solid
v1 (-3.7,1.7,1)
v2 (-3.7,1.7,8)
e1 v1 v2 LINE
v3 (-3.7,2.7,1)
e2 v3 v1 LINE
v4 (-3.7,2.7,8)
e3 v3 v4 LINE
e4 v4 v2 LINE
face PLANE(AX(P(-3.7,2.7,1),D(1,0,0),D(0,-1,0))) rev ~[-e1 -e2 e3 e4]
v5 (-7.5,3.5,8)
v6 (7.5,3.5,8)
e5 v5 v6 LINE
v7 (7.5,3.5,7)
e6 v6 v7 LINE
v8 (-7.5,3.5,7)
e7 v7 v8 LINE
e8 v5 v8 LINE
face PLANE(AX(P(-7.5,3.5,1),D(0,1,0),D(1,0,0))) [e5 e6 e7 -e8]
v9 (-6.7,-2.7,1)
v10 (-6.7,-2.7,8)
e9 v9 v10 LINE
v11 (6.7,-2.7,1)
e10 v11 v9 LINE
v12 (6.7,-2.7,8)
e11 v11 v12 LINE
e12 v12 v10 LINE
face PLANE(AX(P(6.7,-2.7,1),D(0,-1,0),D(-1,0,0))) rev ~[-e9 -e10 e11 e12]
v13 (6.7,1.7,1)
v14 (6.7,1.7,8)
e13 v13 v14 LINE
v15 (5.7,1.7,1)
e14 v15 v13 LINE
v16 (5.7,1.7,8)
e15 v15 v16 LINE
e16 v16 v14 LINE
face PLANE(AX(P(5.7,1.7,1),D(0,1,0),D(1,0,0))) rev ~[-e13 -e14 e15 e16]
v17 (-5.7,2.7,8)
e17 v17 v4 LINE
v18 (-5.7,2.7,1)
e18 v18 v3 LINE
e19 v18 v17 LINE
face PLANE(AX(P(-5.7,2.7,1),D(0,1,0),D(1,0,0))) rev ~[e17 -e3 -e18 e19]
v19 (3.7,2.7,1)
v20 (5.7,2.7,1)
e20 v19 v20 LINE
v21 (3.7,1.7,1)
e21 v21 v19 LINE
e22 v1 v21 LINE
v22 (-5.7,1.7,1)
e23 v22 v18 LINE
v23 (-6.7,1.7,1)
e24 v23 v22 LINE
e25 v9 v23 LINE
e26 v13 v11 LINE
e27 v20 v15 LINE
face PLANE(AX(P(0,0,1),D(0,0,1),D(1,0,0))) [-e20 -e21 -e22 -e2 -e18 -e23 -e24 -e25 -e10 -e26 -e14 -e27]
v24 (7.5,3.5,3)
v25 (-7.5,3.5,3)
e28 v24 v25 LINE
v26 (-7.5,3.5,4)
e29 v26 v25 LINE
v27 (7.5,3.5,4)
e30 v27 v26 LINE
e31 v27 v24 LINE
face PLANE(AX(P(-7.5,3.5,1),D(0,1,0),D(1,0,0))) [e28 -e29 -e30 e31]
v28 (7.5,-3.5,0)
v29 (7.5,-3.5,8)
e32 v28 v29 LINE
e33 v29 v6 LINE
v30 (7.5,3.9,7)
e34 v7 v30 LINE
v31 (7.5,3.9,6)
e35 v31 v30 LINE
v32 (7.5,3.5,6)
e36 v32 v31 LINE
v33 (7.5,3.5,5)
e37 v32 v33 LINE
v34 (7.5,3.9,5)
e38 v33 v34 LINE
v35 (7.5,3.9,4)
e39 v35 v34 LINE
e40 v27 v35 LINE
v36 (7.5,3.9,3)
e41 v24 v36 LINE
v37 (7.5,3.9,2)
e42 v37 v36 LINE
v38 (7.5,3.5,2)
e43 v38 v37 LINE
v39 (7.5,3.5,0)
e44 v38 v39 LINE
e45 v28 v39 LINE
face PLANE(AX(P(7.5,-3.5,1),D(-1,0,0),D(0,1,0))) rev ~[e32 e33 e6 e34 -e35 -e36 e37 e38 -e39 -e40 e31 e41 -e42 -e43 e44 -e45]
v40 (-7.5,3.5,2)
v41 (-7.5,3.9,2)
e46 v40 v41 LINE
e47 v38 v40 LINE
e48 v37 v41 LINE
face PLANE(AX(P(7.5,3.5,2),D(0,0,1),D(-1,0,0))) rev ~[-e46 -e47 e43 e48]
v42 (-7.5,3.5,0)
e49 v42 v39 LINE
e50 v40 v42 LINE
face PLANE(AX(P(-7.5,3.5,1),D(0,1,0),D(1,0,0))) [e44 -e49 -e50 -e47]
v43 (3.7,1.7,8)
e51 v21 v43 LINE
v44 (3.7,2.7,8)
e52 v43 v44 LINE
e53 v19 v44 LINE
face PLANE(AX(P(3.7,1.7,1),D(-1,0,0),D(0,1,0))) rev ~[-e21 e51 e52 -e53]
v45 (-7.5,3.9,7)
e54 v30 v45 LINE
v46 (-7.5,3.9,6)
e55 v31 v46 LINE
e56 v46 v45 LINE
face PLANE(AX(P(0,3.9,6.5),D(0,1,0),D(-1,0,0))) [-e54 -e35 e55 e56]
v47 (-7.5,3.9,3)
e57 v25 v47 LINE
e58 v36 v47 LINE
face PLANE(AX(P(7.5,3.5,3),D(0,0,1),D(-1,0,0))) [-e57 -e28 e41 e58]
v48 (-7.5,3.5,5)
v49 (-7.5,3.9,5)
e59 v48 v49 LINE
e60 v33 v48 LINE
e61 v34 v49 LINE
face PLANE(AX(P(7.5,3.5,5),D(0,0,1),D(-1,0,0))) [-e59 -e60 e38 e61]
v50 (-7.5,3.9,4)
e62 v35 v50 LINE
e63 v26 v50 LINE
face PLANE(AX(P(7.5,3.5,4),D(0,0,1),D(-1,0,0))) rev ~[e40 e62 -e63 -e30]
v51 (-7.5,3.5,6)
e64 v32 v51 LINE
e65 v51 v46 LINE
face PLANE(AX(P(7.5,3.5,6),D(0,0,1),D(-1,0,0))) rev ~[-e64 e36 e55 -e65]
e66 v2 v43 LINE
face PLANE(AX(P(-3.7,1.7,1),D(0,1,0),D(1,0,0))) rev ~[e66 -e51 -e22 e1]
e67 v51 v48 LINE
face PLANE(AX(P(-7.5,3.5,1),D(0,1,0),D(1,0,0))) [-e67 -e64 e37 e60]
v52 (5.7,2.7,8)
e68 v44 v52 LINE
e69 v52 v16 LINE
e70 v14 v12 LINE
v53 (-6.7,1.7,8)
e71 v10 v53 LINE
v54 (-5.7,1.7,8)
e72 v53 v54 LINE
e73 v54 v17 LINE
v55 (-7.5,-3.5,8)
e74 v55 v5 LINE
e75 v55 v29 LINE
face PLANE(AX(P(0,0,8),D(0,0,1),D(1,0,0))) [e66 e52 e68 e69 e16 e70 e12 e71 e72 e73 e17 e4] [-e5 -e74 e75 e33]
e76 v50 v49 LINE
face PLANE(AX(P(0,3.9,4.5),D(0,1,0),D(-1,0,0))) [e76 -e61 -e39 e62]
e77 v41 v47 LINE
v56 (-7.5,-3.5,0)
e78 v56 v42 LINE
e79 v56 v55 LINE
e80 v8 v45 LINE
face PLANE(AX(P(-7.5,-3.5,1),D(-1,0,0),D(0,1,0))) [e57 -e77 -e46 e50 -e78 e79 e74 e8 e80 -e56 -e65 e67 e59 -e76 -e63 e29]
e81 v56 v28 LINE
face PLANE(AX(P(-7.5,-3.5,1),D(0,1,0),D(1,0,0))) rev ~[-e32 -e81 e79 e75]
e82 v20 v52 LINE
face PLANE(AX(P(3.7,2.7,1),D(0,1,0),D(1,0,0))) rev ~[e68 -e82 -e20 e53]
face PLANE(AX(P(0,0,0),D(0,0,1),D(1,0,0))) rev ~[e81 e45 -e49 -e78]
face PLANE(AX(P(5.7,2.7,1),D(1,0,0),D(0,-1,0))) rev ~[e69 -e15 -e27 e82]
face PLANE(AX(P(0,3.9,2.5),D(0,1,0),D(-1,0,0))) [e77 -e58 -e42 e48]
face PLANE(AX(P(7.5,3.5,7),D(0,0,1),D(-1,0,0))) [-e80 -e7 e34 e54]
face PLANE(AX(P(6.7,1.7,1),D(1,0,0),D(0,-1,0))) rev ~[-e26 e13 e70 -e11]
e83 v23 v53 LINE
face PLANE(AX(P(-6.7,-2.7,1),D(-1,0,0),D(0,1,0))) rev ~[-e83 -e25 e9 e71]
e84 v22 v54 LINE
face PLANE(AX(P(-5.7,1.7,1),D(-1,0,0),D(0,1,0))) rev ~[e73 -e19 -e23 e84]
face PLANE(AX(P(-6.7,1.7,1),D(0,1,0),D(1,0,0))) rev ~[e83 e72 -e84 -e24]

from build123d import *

# Parameters (mm, degrees)
F0_W     = 15
F0_H     = 7
F1_DEPTH = 1
F2_W     = 15
F2_H     = 7
F3_DEPTH = 7
F4_W     = 15
F4_H     = 1
F5_DEPTH = 0.4


with BuildPart() as f1:
    # F0 (on Top) → F1 (new body)
    with BuildSketch(Plane.XY):
        Rectangle(F0_W, F0_H)
    extrude(amount=F1_DEPTH)

    # F2 (on face) → F3 (join)
    with BuildSketch(Plane.XY.offset(1)):
        Rectangle(F2_W, F2_H)
        Polygon((-6.7, -2.7), (-6.7, 1.7), (-5.7, 1.7), (-5.7, 2.7), (-3.7, 2.7), (-3.7, 1.7), (3.7, 1.7), (3.7, 2.7), (5.7, 2.7), (5.7, 1.7), (6.7, 1.7), (6.7, -2.7), align=None, mode=Mode.SUBTRACT)
    extrude(amount=F3_DEPTH)

    # F4 (on face) → F5 (join)
    with BuildSketch(Plane(origin=(0, 3.5, 0), x_dir=(-1, 0, 0), z_dir=(0, 1, 0))):
        with Locations((0, 6.5)):
            Rectangle(F4_W, F4_H)
        with Locations((0, 4.5)):
            Rectangle(F4_W, F4_H)
        with Locations((0, 2.5)):
            Rectangle(F4_W, F4_H)
    extrude(amount=F5_DEPTH)


solid = f1.part
